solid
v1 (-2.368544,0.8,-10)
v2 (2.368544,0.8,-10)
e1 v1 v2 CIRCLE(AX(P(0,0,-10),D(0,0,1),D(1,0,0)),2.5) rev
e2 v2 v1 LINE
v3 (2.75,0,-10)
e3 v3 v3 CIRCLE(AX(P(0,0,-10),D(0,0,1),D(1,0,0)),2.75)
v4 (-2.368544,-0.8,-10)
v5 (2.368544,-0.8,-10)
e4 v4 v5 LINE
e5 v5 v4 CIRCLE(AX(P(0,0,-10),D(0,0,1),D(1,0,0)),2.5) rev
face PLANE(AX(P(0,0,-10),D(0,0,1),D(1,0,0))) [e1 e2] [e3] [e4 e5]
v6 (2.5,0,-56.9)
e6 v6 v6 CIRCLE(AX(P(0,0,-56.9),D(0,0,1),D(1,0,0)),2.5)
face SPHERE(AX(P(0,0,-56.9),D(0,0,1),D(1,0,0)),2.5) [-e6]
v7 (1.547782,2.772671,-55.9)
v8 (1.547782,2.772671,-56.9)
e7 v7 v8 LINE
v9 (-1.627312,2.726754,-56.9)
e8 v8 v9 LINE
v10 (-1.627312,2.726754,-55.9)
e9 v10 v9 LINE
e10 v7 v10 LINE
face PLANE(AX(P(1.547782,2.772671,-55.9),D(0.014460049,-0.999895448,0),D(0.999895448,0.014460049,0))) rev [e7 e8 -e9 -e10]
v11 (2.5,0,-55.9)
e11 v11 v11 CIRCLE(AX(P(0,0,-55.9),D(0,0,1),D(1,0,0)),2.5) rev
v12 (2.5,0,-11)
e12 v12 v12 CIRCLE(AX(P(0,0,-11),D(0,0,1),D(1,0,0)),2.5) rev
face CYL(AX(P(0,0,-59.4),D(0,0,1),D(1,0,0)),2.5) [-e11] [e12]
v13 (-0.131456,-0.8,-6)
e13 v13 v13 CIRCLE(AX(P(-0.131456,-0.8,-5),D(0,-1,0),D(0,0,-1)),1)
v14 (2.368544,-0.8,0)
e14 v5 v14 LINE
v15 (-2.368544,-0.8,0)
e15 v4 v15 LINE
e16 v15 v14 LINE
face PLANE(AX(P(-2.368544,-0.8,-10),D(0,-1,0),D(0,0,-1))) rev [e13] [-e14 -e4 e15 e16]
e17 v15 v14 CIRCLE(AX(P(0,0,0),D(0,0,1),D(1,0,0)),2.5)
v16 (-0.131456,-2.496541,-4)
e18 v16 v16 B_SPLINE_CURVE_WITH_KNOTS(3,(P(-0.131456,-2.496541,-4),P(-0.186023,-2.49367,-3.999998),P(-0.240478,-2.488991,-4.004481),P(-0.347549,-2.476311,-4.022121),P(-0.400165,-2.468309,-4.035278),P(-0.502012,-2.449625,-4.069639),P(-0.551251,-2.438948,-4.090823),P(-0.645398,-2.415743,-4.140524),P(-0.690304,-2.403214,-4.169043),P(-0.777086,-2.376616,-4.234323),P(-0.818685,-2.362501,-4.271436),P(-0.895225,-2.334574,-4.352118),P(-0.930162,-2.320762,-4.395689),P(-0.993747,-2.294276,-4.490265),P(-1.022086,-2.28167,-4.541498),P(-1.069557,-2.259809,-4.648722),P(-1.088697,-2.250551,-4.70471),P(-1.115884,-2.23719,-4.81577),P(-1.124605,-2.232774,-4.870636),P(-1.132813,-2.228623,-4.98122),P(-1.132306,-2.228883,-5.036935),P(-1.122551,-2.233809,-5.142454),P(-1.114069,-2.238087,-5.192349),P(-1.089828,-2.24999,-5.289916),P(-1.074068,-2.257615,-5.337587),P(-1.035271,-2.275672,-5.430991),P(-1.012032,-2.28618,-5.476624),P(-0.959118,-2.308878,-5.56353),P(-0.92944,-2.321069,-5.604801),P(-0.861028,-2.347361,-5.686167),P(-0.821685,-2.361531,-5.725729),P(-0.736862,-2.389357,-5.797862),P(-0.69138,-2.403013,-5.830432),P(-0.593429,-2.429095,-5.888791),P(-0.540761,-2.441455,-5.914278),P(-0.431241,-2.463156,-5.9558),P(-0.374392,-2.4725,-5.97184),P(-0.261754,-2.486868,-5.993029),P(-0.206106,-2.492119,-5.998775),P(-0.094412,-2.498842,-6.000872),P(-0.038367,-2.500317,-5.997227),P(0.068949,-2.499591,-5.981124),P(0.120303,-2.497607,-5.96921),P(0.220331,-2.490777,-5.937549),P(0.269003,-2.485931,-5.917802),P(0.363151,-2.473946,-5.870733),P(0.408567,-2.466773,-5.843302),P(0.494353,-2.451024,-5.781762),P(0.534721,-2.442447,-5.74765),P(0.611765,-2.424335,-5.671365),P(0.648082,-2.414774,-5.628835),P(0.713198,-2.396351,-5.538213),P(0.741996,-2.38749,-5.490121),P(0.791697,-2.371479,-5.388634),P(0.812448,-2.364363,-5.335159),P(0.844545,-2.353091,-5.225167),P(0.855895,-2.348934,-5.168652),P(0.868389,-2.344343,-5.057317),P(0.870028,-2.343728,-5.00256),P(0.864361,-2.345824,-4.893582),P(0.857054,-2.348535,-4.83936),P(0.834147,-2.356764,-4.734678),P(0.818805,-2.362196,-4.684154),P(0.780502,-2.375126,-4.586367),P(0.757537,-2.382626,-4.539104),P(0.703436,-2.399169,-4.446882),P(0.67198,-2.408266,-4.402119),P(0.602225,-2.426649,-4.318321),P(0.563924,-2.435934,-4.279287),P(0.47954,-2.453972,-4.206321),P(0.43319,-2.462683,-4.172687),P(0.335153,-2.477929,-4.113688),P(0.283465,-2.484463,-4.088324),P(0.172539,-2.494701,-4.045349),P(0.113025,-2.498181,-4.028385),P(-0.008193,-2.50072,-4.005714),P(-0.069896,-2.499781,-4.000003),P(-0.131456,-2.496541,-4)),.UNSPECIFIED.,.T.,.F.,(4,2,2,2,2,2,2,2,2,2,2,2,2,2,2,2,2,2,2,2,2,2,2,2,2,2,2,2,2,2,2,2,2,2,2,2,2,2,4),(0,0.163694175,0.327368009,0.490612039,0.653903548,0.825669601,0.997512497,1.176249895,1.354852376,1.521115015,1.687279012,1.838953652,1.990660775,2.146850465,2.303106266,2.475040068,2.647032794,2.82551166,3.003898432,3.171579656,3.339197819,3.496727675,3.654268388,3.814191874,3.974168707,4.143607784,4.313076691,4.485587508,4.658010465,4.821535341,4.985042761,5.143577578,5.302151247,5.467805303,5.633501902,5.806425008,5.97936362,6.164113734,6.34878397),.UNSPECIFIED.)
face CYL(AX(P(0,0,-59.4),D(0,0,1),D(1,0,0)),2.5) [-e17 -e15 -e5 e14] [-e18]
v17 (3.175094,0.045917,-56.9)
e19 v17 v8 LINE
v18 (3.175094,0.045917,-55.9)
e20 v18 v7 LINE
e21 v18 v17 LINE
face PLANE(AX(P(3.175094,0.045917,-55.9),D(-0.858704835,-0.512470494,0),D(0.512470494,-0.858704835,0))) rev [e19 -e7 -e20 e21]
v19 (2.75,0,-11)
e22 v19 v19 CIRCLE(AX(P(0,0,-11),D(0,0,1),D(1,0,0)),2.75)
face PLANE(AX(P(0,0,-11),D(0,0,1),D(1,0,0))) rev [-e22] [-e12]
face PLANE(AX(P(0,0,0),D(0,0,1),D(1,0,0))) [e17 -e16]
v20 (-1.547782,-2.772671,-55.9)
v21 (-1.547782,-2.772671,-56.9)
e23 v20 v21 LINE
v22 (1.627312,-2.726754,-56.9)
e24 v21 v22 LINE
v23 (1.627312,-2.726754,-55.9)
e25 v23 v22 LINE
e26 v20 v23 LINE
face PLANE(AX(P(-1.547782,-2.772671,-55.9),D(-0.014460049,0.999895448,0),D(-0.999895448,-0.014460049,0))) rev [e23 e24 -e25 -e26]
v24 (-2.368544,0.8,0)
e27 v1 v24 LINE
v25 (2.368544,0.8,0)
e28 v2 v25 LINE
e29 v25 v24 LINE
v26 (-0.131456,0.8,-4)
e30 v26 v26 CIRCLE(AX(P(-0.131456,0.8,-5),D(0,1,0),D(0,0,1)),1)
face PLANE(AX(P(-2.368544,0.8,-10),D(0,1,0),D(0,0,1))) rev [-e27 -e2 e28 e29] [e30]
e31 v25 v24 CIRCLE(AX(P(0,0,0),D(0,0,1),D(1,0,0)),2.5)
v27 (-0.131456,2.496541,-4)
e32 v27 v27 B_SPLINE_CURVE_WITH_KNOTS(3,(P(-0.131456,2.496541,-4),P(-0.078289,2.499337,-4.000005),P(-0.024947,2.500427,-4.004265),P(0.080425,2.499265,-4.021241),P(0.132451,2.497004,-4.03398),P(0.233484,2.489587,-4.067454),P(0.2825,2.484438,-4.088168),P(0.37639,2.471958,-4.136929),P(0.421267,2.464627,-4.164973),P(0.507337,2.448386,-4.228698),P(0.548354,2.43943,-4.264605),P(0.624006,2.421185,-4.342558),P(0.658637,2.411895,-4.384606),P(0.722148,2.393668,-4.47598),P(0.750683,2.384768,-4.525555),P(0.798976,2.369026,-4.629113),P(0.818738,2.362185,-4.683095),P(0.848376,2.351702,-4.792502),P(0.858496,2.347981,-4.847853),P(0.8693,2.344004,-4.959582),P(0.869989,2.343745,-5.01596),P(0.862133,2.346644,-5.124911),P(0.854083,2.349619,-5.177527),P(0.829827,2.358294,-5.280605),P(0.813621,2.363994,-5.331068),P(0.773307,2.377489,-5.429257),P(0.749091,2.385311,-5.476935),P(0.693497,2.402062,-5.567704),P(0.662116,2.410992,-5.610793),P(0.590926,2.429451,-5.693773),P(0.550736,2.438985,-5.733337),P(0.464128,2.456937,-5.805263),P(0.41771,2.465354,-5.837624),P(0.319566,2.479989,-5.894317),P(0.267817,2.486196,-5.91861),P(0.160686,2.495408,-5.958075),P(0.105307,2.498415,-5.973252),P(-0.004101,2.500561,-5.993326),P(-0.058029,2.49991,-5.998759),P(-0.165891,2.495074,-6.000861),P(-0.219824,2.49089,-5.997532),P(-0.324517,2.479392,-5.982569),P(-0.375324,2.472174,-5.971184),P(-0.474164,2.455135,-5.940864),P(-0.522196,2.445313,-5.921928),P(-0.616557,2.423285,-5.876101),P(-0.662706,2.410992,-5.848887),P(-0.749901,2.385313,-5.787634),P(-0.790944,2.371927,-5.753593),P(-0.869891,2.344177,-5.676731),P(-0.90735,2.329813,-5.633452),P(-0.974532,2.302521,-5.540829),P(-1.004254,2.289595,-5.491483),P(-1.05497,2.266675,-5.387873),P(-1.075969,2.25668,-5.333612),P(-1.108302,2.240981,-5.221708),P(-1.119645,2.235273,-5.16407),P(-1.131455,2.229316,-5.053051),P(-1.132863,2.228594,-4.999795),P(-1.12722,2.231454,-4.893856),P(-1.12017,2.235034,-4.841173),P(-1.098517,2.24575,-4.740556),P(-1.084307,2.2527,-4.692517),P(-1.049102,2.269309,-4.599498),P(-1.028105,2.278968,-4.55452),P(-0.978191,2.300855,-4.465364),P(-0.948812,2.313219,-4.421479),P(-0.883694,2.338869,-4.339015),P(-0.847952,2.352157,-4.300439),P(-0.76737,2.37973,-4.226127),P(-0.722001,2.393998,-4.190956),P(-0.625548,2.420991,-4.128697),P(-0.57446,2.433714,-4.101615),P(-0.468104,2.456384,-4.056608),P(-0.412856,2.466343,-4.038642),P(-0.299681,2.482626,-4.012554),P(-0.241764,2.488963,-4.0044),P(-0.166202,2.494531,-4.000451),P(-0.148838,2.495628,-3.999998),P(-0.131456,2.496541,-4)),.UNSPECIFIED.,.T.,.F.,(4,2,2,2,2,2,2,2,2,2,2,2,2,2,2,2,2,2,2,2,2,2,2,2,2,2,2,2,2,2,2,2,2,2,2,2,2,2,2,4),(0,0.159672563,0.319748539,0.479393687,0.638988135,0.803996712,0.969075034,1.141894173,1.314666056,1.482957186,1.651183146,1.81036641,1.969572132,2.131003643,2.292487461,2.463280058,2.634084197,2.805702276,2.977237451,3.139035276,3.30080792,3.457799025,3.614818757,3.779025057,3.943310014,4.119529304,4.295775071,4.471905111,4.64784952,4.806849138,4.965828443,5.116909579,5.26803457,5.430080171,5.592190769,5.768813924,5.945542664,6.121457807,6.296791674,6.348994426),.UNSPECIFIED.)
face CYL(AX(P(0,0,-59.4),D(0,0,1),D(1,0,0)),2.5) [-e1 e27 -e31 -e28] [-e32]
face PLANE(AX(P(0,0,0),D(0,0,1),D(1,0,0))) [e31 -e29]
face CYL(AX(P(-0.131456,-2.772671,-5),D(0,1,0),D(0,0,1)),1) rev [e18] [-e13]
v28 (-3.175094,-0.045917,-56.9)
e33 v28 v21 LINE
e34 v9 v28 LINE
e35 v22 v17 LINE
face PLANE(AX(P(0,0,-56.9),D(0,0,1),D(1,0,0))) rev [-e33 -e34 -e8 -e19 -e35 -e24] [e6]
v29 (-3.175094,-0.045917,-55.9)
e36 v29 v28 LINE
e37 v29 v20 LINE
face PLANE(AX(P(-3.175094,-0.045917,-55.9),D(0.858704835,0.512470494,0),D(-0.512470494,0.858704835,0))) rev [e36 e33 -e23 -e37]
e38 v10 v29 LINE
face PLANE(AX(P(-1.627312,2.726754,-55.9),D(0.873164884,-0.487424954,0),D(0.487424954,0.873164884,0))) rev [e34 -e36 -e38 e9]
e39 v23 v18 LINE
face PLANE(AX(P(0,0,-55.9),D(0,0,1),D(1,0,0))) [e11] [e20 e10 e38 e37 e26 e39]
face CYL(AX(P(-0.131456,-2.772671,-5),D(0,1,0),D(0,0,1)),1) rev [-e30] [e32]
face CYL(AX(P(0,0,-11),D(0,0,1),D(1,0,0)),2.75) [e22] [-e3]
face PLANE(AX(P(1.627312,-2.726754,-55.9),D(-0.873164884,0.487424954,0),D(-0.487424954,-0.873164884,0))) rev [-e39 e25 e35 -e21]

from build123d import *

# Parameters (mm, degrees)
SKETCH1_R               = 2.5
BOSS_EXTRUDE1_DEPTH     = 59.4
CUT_EXTRUDE1_DEPTH      = 10
SKETCH3_R               = 2.75
BOSS_EXTRUDE2_DEPTH     = 1
FILLET1_R               = 2.5
BOSS_EXTRUDE3_DEPTH     = 1
CUT_EXTRUDE2_DEPTH      = 60.549382271
CUT_EXTRUDE2_DEPTH_BACK = 60.549382271
SKETCH5_R               = 1


with BuildPart() as part:
    # Sketch1 → Boss-Extrude1 (new body)
    with BuildSketch(Plane.XY):
        Circle(SKETCH1_R)
    extrude(amount=-BOSS_EXTRUDE1_DEPTH)

    # Sketch2 → Cut-Extrude1 (cut)
    with BuildSketch(Plane.XY):
        with BuildLine():
            Line((-2.368543856, 0.8), (2.368543856, 0.8))
            ThreePointArc((2.368543856, 0.8), (2.5, 0), (2.368543856, -0.8))
            Line((2.368543856, -0.8), (-2.368543856, -0.8))
            ThreePointArc((-2.368543856, -0.8), (-2.5, 0), (-2.368543856, 0.8))
        make_face()
    extrude(amount=-CUT_EXTRUDE1_DEPTH, mode=Mode.SUBTRACT)

    # Sketch3 → Boss-Extrude2 (add)
    with BuildSketch(Plane.XY.offset(-10)):
        Circle(SKETCH3_R)
    extrude(amount=-BOSS_EXTRUDE2_DEPTH)

    # Fillet1
    fillet1_edges = [part.edges().sort_by_distance(p)[0] for p in [
        (-2.5, 0, -59.4),
    ]]
    fillet(fillet1_edges, radius=FILLET1_R)

    # Sketch4 → Boss-Extrude3 (add)
    with BuildSketch(Plane.XY.offset(-56.9)):
        Polygon((1.547782106, 2.772670894), (-1.627312377, 2.726754071), (-3.175094483, -0.045916823), (-1.547782106, -2.772670894), (1.627312377, -2.726754071), (3.175094483, 0.045916823), align=None)
    extrude(amount=BOSS_EXTRUDE3_DEPTH)

    # Sketch5 → Cut-Extrude2 (cut, two sides: drawn at the far end of the back side and taken through both)
    with BuildSketch(Plane(origin=(0, 0, 0), x_dir=(1, 0, 0), z_dir=(0, 1, 0)).offset(-CUT_EXTRUDE2_DEPTH_BACK)):
        with Locations(Location((-0.131456144, 5, 0), (0, 0, 270))):
            Circle(SKETCH5_R)
    extrude(amount=CUT_EXTRUDE2_DEPTH + CUT_EXTRUDE2_DEPTH_BACK, mode=Mode.SUBTRACT)


solid = part.part
